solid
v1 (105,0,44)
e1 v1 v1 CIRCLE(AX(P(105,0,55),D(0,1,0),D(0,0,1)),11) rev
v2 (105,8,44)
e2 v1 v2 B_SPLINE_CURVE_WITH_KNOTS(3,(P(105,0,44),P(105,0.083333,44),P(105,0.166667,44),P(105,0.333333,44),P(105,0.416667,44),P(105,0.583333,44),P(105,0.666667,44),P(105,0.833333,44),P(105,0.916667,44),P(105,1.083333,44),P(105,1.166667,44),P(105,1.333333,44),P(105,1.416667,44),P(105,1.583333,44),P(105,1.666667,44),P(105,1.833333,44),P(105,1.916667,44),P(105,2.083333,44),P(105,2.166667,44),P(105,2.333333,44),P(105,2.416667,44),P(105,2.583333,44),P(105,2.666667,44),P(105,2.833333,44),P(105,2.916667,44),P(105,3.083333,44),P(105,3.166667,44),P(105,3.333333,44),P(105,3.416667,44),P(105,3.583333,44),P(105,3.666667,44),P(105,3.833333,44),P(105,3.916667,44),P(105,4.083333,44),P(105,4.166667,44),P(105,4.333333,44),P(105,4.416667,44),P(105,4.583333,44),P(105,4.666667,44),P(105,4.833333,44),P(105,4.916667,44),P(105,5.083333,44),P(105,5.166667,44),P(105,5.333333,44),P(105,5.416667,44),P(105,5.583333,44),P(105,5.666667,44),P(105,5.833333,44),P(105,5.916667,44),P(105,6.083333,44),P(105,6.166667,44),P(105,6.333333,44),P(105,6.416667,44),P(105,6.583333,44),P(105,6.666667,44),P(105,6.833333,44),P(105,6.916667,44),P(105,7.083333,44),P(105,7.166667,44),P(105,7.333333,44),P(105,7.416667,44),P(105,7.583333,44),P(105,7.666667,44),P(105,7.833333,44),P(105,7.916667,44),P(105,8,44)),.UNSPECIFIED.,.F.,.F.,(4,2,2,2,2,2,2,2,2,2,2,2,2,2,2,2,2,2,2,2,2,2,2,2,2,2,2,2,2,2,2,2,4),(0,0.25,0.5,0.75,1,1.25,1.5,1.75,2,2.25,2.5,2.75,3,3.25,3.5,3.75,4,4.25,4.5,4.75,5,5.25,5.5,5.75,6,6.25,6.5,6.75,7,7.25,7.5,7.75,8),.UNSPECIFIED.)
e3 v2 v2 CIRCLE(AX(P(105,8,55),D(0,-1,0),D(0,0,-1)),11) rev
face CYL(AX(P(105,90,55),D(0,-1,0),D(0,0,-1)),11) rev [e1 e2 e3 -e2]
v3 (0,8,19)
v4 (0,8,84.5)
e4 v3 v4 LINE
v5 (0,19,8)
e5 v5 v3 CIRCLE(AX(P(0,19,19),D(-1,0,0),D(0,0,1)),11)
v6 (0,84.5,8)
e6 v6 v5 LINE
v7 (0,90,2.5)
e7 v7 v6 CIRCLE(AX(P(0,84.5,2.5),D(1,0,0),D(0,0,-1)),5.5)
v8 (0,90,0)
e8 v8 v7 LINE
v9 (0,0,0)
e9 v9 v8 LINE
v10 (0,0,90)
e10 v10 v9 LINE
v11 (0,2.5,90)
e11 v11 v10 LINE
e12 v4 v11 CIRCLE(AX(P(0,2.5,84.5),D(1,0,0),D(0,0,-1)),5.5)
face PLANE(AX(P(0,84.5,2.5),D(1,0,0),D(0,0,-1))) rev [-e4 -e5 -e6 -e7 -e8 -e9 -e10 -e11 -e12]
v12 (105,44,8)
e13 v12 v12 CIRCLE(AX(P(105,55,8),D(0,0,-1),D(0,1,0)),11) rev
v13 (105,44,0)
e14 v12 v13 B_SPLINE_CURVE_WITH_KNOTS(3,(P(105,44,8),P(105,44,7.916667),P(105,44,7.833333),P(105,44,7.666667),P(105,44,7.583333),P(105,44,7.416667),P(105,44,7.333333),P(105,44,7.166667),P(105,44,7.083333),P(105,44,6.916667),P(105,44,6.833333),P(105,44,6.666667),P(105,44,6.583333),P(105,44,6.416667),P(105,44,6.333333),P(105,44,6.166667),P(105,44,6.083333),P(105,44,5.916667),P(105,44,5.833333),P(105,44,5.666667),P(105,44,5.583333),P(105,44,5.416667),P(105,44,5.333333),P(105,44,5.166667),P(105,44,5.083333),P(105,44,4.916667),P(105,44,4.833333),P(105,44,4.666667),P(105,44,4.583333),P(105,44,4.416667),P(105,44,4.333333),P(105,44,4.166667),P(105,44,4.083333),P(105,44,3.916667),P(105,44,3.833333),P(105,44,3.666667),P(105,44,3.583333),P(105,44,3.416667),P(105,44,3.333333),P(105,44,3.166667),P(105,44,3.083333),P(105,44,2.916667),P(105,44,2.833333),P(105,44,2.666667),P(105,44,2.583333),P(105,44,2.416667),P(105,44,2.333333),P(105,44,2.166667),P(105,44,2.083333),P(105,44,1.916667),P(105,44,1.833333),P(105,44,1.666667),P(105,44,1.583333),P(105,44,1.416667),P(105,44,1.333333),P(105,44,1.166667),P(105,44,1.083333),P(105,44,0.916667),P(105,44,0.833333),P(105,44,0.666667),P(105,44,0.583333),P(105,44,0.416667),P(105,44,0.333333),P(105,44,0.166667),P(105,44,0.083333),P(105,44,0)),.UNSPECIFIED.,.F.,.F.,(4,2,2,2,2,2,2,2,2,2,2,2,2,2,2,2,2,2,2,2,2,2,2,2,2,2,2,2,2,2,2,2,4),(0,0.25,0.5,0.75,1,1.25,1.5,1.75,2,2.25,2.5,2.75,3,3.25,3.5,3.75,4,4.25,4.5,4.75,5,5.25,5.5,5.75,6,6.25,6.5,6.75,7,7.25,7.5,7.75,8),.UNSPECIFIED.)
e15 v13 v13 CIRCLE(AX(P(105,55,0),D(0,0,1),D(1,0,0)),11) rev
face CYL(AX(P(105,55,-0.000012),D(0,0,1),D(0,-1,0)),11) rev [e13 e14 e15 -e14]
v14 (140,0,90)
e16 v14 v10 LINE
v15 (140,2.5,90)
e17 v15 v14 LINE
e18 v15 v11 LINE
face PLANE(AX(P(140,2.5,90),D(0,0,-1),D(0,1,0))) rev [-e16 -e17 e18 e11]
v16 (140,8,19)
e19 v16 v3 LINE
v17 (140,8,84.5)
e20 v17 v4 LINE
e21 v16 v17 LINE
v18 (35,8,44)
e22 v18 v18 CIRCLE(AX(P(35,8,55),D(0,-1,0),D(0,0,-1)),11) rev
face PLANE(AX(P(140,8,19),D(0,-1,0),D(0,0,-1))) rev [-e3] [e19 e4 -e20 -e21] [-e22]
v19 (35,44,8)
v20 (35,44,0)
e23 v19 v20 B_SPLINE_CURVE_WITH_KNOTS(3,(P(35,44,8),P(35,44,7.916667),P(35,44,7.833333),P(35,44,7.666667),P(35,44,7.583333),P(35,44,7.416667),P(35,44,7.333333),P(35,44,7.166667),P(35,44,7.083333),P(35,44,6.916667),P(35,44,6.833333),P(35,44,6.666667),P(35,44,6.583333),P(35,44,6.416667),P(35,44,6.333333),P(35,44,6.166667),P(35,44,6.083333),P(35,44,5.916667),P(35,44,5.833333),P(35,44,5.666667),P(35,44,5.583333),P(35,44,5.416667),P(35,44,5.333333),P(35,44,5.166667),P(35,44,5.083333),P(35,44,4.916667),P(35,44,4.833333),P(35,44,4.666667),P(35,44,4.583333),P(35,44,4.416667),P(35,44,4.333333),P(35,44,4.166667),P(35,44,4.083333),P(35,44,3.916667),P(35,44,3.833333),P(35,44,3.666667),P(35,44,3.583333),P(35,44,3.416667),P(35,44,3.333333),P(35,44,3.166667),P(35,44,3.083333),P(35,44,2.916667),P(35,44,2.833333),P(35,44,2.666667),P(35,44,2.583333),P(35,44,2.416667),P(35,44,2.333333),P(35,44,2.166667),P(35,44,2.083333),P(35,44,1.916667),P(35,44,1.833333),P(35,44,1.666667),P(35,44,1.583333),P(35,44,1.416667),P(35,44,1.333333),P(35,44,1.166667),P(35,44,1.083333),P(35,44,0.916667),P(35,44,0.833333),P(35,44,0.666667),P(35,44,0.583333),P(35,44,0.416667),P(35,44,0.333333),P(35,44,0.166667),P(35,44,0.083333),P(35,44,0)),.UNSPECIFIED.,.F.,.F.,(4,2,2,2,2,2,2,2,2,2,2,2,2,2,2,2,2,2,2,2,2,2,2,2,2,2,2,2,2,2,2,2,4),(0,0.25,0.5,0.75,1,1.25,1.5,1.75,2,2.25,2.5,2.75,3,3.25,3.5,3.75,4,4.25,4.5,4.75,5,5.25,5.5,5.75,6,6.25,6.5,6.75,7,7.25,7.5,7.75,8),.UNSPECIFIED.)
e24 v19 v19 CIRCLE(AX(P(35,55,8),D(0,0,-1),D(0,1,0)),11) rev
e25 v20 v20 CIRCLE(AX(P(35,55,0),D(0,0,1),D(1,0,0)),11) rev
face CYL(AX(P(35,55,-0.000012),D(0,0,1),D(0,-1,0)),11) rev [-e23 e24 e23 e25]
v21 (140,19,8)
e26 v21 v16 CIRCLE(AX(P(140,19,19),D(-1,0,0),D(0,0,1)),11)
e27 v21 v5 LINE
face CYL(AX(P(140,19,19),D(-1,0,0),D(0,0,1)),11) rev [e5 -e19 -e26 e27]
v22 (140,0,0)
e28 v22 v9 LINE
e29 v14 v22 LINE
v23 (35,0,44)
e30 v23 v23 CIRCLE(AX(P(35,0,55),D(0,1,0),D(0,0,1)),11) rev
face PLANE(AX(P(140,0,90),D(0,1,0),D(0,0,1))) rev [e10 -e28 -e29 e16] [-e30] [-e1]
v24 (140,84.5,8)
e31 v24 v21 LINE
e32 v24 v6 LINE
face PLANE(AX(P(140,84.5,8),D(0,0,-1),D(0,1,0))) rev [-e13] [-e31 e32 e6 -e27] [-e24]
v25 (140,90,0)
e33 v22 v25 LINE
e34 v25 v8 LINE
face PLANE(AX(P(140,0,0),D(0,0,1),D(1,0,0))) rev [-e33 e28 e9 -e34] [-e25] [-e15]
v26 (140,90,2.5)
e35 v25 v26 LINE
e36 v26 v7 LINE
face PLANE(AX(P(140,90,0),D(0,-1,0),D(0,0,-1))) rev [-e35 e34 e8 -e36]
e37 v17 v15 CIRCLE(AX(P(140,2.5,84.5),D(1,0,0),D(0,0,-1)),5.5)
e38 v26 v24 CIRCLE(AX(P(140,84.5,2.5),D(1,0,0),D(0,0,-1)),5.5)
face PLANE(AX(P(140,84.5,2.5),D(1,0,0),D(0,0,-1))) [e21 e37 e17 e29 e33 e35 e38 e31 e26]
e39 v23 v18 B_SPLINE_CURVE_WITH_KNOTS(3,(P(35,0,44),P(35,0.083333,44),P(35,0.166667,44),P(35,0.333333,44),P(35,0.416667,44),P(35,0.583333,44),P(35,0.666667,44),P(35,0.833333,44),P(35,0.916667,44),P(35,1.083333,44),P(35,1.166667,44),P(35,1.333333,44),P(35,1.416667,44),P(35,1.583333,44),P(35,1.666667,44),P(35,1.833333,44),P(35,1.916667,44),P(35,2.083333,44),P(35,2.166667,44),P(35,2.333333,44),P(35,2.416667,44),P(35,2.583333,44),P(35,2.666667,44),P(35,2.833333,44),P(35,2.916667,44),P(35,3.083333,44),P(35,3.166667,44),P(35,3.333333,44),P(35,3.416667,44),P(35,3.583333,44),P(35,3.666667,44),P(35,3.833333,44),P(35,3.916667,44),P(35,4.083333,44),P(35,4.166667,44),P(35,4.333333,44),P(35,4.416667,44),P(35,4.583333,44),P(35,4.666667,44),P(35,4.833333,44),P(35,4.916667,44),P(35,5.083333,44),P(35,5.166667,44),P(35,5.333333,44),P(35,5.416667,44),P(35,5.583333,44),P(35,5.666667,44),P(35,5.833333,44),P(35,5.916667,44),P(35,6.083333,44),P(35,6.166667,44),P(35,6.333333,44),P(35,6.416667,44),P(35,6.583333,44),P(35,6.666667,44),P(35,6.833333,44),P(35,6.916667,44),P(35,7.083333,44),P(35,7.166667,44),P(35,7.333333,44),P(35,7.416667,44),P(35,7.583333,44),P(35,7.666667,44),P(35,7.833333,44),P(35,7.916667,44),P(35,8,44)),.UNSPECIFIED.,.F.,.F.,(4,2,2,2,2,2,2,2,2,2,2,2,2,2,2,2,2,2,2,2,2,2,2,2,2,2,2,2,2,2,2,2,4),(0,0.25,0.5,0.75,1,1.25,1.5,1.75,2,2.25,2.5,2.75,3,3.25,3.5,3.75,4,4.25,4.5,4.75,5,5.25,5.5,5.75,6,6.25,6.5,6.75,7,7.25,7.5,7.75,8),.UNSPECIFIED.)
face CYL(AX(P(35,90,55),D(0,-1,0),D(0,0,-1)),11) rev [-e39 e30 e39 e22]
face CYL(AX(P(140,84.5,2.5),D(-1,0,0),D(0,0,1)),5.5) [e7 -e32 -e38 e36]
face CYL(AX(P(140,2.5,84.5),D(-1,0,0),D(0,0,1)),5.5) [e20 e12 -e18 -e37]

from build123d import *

# Parameters (mm, degrees)
ANGLES_EQUAL_90_X_90_X_8_1_DEPTH = 140
SKETCH12_R                       = 11
CUT_EXTRUDE1_DEPTH               = 190.208879284
LPATTERN1_COUNT                  = 2
LPATTERN1_PITCH                  = 70
CIRPATTERN4_COUNT                = 2
CIRPATTERN4_ANGLE                = 90
CIRPATTERN4_COPY_1_SKETCH_R      = 11
CIRPATTERN4_COPY_1_DEPTH         = 190.208879284


with BuildPart() as part:
    # Sketch11 → Angles equal 90 X 90 X 8(1) (new body)
    with BuildSketch(Plane(origin=(0, 45, 45), x_dir=(0, 1, 0), z_dir=(1, 0, 0))):
        with BuildLine():
            Line((-45, 45), (-45, -45))
            Line((-45, -45), (45, -45))
            Line((45, -45), (45, -42.5))
            ThreePointArc((45, -42.5), (43.389087297, -38.610912703), (39.5, -37))
            Line((39.5, -37), (-26, -37))
            ThreePointArc((-26, -37), (-33.778174593, -33.778174593), (-37, -26))
            Line((-37, -26), (-37, 39.5))
            ThreePointArc((-37, 39.5), (-38.610912703, 43.389087297), (-42.5, 45))
            Line((-42.5, 45), (-45, 45))
        make_face()
    extrude(amount=ANGLES_EQUAL_90_X_90_X_8_1_DEPTH)

    # Sketch12 → Cut-Extrude1 (cut, symmetric)
    with BuildSketch(Plane(origin=(0, 0, 0), x_dir=(1, 0, 0), z_dir=(0, 1, 0))):
        with Locations(Location((35, -55, 0), (0, 0, 90))):
            Circle(SKETCH12_R)
    cut_extrude1 = extrude(amount=CUT_EXTRUDE1_DEPTH, both=True, mode=Mode.SUBTRACT)

    # LPattern1: Cut-Extrude1 ×2
    with Locations(*[(i * LPATTERN1_PITCH, 0, 0) for i in range(1, LPATTERN1_COUNT)]):
        add(cut_extrude1, mode=Mode.SUBTRACT)

    # CirPattern4: Cut-Extrude1 ×2 about axis
    cirpattern4_axis = Axis((-18.99, 0, 0), (-1, 0, 0))
    for i in range(1, CIRPATTERN4_COUNT):
        add(cut_extrude1.rotate(cirpattern4_axis, i * CIRPATTERN4_ANGLE / (CIRPATTERN4_COUNT - 1)), mode=Mode.SUBTRACT)

    # CirPattern4 copy 1 sketch → CirPattern4 copy 1 (cut, symmetric)
    with BuildSketch(Plane(origin=(70, 0, 0), x_dir=(1, 0, 0), z_dir=(0, 0, -1))):
        with Locations(Location((35, -55, 0), (0, 0, 90))):
            Circle(CIRPATTERN4_COPY_1_SKETCH_R)
    extrude(amount=CIRPATTERN4_COPY_1_DEPTH, both=True, mode=Mode.SUBTRACT)


solid = part.part
